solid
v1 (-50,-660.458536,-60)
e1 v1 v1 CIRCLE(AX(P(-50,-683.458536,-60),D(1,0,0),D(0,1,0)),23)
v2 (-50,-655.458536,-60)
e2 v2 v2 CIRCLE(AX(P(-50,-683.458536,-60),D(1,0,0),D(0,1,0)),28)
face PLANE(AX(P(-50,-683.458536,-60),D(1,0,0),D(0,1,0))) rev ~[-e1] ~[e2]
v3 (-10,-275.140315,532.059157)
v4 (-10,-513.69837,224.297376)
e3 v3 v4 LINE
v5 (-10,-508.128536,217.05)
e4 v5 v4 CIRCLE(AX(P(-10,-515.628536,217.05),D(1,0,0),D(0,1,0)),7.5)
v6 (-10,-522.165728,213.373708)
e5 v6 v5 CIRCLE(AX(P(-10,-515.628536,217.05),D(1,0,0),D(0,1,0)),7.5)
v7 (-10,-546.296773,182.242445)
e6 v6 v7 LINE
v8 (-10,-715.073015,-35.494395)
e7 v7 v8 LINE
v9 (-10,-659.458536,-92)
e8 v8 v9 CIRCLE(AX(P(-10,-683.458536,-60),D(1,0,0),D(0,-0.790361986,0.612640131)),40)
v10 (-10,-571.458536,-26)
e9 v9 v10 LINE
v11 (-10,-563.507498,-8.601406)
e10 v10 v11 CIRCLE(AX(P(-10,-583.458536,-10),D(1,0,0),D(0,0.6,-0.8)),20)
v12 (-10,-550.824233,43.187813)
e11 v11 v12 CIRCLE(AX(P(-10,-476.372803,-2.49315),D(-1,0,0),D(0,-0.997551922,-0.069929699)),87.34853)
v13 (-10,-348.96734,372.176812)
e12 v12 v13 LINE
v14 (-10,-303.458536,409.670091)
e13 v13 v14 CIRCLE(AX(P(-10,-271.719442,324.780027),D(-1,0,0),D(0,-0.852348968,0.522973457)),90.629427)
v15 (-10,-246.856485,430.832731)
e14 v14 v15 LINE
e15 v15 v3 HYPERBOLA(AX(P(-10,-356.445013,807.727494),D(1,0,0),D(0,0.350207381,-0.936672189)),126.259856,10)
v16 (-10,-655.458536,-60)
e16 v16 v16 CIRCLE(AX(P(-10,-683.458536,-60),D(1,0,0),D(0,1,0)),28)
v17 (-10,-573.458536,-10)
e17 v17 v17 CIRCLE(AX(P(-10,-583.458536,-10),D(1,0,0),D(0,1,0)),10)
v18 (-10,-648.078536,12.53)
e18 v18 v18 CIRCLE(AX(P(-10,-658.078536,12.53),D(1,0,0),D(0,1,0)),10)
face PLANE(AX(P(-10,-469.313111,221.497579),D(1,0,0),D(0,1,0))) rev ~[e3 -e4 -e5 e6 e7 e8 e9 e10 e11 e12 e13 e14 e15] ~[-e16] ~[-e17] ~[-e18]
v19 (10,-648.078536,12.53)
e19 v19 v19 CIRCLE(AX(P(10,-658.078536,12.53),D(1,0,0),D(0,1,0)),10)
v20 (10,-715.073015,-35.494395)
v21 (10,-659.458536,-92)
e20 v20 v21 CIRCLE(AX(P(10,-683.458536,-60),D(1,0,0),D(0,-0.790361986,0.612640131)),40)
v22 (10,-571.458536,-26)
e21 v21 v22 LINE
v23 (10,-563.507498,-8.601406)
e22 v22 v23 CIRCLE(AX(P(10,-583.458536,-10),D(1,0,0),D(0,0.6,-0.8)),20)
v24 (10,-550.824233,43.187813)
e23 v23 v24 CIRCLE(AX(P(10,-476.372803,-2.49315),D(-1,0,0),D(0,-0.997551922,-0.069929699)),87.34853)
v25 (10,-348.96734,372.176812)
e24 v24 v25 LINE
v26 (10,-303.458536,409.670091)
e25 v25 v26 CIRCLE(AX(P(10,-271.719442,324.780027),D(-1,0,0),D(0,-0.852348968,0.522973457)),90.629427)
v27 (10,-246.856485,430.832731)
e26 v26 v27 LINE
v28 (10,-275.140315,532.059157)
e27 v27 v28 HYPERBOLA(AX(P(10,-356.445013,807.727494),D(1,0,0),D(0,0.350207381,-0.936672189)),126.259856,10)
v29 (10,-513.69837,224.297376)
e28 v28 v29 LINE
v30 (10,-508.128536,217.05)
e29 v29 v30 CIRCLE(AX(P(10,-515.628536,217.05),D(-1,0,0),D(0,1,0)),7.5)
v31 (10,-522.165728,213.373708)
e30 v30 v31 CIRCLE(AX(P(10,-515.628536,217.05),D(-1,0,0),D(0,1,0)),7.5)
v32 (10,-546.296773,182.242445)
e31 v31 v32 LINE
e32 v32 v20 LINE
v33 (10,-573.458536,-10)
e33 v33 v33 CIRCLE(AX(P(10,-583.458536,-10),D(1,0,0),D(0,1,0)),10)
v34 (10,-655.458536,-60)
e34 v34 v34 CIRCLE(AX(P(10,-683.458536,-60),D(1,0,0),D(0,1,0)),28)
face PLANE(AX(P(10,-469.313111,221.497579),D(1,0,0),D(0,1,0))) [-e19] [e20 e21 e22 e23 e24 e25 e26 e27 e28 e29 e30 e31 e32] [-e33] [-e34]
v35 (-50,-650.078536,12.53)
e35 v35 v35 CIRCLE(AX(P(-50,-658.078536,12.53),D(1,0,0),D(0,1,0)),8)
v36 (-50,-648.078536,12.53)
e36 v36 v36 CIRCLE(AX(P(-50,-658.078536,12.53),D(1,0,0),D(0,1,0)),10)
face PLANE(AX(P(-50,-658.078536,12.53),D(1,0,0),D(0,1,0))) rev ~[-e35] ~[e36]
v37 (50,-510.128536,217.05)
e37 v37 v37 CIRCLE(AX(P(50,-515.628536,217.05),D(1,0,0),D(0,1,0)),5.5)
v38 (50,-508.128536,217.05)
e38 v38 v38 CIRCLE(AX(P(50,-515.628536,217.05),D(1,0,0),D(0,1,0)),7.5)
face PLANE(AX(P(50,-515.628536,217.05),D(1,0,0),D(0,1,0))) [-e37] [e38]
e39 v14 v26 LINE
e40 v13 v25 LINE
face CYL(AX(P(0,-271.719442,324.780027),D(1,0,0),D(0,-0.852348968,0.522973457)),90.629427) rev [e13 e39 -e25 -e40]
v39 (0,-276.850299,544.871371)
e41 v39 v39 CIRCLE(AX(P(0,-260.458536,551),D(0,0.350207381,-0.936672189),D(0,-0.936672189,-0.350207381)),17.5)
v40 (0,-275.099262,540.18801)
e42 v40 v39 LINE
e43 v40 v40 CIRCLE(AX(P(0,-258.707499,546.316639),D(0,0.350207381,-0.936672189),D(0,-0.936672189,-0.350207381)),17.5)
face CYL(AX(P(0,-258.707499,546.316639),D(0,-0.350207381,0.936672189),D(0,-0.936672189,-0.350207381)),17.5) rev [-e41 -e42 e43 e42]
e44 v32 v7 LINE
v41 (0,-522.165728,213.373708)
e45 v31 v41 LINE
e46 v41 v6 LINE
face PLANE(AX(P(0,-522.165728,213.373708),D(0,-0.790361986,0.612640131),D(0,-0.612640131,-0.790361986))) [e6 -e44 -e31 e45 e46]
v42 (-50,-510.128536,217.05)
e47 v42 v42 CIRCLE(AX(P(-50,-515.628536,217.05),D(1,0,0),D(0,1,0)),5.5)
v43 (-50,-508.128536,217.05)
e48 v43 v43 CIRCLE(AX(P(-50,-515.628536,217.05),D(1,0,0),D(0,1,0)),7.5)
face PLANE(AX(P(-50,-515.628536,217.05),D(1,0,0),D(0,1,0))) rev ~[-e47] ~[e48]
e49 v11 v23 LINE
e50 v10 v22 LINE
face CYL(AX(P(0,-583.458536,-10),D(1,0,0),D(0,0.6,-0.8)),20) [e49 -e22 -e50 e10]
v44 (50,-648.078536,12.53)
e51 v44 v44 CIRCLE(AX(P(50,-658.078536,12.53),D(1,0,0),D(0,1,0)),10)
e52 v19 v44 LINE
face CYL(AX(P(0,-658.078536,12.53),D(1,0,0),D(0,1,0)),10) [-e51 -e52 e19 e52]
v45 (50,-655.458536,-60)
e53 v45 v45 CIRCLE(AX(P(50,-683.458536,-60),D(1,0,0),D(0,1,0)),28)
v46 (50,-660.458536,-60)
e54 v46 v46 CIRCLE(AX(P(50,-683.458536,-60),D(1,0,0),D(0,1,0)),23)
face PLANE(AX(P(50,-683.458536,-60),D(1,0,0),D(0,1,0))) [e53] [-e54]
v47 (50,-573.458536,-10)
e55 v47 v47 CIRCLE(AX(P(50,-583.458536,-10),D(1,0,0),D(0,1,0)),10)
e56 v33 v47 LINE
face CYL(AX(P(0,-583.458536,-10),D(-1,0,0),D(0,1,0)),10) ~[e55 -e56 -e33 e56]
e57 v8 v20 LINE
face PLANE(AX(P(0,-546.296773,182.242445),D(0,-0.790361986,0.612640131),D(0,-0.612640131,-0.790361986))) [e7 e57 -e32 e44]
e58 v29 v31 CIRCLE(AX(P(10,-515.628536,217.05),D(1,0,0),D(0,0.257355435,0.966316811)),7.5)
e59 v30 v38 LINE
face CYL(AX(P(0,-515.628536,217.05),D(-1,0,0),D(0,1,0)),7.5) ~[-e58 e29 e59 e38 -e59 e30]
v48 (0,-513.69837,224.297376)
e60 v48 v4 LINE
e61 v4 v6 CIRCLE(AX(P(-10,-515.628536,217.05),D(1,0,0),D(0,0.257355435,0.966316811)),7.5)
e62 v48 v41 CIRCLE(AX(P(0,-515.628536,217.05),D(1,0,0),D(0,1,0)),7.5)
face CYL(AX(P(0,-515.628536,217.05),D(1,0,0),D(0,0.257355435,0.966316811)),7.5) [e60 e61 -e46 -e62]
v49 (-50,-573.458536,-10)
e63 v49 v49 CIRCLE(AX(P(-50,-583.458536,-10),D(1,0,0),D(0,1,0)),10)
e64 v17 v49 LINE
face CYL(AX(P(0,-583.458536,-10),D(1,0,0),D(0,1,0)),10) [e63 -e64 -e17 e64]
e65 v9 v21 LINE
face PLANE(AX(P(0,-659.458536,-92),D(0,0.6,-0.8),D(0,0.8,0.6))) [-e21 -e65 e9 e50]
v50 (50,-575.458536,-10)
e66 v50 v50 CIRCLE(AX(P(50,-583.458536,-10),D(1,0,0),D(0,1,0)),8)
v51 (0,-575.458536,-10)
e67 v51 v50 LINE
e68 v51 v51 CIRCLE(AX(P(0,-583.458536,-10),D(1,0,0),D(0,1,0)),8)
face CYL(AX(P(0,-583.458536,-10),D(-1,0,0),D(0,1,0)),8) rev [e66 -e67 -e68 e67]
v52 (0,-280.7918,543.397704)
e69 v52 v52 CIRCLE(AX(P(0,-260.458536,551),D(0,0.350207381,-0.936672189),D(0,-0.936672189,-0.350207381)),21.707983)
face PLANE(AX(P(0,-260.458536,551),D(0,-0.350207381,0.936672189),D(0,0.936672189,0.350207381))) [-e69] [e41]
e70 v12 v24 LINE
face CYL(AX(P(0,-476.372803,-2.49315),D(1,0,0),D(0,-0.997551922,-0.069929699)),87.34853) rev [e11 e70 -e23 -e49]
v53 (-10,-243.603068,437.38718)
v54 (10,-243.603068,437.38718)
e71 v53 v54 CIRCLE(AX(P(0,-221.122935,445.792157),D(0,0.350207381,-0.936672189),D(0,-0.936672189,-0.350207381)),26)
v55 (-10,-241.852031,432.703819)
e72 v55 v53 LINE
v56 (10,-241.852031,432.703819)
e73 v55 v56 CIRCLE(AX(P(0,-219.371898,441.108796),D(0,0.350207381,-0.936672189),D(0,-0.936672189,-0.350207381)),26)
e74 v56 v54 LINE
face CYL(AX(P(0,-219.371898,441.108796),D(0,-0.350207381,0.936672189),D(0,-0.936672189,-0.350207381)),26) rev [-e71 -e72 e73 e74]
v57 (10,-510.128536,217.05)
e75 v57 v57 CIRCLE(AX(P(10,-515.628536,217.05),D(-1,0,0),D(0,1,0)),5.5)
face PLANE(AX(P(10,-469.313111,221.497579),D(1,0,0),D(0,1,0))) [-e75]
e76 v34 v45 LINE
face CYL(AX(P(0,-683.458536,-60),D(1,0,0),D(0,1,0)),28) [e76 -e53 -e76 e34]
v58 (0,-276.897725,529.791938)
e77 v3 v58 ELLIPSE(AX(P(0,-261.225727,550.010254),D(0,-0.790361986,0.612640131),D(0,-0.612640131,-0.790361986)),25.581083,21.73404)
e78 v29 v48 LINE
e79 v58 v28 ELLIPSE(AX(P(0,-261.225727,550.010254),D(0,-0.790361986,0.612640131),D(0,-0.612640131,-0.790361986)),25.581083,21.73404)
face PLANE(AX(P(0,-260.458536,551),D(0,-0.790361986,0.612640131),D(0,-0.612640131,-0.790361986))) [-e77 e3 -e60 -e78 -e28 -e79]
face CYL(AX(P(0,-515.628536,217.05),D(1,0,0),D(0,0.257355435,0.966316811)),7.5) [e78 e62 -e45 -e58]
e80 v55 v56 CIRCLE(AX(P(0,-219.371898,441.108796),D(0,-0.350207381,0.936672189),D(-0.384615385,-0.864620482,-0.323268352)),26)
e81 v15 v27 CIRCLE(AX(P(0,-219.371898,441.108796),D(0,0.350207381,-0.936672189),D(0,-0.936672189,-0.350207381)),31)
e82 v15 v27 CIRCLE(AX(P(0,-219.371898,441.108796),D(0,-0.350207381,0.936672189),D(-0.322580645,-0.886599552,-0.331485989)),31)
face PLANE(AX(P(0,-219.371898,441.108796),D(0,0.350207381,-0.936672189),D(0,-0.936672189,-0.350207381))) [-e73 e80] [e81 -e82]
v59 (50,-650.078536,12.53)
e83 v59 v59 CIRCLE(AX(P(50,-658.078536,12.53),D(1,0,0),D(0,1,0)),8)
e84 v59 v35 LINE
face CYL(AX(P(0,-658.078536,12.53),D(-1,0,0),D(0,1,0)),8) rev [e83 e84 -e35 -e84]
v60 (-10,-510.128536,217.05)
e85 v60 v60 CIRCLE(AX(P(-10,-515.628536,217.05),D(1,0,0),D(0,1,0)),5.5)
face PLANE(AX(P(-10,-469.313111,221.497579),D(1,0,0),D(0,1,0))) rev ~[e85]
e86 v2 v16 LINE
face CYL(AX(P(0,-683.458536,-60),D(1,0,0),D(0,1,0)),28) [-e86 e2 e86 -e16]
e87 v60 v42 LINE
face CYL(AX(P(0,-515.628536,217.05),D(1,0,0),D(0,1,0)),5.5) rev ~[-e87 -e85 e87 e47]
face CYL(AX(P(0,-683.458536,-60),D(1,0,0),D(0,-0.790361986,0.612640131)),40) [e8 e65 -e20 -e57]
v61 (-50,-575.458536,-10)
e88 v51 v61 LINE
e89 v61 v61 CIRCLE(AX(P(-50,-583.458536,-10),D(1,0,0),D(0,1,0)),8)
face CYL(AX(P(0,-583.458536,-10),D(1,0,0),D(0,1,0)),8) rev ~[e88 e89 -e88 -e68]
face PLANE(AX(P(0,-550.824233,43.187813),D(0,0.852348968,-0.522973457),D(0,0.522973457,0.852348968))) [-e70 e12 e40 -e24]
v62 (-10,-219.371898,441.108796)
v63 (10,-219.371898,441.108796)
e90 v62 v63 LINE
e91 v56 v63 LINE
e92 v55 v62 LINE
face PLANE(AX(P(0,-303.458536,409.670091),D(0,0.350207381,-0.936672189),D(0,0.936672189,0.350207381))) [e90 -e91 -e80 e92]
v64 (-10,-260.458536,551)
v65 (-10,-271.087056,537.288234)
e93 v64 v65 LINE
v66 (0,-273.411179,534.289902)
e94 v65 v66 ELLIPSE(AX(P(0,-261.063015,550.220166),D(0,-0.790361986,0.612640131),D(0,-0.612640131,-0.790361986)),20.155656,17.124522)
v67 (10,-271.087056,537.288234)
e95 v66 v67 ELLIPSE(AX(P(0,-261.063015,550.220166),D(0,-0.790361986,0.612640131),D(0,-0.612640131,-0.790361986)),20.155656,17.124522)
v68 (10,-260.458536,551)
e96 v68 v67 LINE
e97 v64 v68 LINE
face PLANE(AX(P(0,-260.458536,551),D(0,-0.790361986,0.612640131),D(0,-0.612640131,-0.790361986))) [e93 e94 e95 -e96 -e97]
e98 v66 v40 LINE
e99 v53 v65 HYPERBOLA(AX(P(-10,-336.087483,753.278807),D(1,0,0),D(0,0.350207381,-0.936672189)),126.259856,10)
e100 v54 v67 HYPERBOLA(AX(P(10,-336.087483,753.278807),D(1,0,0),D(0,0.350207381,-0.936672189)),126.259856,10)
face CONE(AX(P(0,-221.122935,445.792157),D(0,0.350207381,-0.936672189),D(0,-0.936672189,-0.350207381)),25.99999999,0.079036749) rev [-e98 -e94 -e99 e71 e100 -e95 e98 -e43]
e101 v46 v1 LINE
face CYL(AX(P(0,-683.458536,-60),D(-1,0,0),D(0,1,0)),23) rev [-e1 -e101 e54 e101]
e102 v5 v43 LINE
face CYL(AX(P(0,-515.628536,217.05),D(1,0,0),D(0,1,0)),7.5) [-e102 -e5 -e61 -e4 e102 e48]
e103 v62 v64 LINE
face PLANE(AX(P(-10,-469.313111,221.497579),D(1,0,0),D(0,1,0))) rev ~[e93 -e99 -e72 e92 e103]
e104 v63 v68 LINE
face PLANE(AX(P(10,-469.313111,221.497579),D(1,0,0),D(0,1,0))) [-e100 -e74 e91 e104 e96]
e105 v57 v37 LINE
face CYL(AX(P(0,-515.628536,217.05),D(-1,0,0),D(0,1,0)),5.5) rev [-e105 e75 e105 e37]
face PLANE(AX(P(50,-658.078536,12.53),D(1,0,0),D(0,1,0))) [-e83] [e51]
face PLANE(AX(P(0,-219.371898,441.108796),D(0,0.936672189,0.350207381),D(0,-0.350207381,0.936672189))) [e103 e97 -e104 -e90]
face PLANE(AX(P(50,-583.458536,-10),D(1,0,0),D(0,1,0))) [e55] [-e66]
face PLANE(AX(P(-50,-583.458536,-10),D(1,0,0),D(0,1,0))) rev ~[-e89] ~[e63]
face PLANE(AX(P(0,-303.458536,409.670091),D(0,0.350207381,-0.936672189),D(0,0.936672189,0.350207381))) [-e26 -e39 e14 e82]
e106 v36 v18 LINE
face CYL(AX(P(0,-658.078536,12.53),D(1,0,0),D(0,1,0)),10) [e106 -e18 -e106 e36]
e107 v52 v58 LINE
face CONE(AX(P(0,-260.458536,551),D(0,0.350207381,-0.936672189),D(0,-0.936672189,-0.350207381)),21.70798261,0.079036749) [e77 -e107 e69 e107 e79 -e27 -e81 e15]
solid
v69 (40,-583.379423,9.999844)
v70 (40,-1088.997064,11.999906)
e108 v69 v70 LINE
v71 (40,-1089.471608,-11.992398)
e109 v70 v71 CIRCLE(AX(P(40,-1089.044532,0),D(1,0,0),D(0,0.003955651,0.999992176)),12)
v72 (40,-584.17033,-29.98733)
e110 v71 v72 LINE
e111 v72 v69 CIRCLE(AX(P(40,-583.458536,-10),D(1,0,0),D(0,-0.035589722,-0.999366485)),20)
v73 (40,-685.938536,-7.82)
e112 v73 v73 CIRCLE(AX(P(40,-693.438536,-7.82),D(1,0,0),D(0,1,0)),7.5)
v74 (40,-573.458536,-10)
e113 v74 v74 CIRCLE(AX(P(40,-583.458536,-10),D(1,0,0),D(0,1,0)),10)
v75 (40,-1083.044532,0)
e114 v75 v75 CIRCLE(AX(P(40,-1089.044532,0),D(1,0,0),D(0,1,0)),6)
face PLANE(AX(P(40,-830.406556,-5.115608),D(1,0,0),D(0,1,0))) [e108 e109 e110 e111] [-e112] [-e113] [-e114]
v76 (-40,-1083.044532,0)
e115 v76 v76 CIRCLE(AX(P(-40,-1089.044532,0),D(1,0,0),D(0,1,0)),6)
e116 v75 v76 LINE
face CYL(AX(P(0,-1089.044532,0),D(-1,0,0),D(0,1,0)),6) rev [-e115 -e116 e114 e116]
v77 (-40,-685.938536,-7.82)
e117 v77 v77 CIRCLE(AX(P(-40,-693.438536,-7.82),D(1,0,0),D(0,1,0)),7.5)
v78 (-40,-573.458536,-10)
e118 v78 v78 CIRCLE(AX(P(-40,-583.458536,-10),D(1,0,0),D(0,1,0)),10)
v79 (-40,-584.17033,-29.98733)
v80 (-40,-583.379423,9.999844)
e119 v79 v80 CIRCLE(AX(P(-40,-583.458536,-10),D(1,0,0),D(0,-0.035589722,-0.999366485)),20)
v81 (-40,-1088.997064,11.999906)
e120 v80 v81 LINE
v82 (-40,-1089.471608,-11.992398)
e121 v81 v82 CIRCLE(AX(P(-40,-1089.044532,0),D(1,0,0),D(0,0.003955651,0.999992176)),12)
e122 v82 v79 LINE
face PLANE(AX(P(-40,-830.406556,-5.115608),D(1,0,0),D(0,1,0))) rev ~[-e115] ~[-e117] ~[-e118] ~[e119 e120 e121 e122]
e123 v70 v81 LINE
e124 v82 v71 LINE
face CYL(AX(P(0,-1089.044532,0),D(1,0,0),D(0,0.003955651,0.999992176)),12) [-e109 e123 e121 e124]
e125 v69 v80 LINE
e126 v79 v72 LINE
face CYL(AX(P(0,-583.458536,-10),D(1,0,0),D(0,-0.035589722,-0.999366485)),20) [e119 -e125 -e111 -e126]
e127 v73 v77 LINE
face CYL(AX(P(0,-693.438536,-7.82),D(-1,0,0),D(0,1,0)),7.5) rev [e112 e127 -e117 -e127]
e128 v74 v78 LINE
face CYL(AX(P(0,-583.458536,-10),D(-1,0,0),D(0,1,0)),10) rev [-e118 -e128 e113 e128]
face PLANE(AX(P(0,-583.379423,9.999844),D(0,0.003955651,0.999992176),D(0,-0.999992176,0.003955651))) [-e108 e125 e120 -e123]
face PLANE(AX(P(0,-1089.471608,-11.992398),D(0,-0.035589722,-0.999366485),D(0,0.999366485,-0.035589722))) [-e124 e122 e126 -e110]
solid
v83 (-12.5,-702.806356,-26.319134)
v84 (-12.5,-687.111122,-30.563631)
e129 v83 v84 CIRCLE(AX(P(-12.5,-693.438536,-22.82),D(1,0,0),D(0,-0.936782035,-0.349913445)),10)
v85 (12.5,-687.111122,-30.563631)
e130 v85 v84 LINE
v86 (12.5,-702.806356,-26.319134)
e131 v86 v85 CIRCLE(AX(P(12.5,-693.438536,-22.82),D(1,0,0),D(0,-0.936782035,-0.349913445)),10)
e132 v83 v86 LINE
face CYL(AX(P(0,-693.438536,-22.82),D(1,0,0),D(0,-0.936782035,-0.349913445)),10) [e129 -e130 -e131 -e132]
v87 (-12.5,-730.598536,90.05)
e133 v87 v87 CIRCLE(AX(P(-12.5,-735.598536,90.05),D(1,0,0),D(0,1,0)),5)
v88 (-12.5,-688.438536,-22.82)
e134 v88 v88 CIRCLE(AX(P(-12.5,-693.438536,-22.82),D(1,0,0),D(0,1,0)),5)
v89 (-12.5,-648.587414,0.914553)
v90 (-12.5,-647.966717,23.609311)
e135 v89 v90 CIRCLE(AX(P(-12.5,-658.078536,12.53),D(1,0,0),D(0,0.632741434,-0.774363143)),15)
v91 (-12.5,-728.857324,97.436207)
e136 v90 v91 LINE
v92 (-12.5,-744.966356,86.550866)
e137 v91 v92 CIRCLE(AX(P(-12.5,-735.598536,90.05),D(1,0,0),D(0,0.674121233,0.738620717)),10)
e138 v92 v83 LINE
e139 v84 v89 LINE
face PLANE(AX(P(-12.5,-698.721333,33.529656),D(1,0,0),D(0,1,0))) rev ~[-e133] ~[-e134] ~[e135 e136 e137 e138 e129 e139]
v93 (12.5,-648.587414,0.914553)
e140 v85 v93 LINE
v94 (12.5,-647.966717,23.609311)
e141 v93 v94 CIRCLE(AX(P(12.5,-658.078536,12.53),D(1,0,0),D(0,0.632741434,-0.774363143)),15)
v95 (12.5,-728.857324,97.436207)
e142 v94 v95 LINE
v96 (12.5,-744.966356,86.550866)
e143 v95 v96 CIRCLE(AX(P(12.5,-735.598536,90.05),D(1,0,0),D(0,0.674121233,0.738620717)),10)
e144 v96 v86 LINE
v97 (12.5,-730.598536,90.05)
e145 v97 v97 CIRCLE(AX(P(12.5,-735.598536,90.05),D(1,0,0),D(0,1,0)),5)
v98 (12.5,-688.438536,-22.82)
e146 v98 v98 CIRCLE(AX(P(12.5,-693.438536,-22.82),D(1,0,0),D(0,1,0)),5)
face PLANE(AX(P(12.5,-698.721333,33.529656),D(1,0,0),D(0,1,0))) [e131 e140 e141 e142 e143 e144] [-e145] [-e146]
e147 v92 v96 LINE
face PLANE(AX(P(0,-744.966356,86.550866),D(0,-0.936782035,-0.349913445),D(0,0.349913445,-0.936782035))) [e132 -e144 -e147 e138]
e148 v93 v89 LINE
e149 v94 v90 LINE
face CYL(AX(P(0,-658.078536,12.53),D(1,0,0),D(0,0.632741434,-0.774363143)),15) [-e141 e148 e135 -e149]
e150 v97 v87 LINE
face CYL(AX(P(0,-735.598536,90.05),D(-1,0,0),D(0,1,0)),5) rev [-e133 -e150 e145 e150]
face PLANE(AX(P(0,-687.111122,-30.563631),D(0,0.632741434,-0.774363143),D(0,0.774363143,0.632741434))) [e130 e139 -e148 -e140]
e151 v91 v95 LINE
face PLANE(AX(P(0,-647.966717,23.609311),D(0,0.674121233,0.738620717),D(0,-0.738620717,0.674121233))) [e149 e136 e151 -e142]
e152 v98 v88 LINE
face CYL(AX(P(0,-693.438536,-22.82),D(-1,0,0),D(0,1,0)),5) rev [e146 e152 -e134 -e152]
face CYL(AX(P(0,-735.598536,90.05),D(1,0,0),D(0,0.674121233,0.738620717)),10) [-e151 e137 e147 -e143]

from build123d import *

# Parameters (mm, degrees)
F3_R      = 28
F3_R_2    = 23
F4_DEPTH  = 50
F6_R      = 28
F6_R_2    = 10
F7_DEPTH  = 10
F8_R      = 7.5
F8_R_2    = 5.5
F8_R_3    = 10
F8_R_4    = 8
F9_DEPTH  = 50
F10_R     = 10
F10_R_2   = 6
F10_R_3   = 7.5
F11_DEPTH = 40
F12_R     = 5
F13_DEPTH = 12.5


with BuildPart() as f2:
    # F1 (on Right) → F2 (revolve)
    with BuildSketch(Plane.YZ):
        Polygon((-248.4087363355, 430.2523674684), (-243.7253753893, 432.0034043747), (-245.4764122956, 436.686765321), (-275.0992623526, 540.1880098817), (-276.8502992589, 544.871370828), (-280.7917995578, 543.397704252), align=None)
    revolve(axis=Axis((0, -155.988308036, 271.5816829535), (0, 0.3502073813, -0.9366721892)))



with BuildPart() as f4:
    # F3 (on Right) → F4 (new body, symmetric)
    with BuildSketch(Plane.YZ):
        with Locations((-683.4585359471, -60)):
            Circle(F3_R)
        with Locations((-683.4585359471, -60)):
            Circle(F3_R_2, mode=Mode.SUBTRACT)
    extrude(amount=F4_DEPTH, both=True)


with BuildPart() as f2_1:
    add(f2.part)

    add(f4.part)  # F7 merges F4
    # F6 (on Right) → F7 (join, symmetric)
    with BuildSketch(Plane.YZ):
        with BuildLine():
            Line((-546.2967732706, 182.2424448166), (-715.0730154019, -35.4943947473))
            ThreePointArc((-715.0730154019, -35.4943947473), (-711.9667089959, -88.0585828119), (-659.4585359471, -92))
            Line((-659.4585359471, -92), (-571.4585359471, -26))
            ThreePointArc((-571.4585359471, -26), (-565.2680169215, -18.3129427749), (-563.5074975053, -8.6014060287))
            ThreePointArc((-563.5074975053, -8.6014060287), (-561.2141237524, 18.2846287115), (-550.824232875, 43.187813142))
            Line((-550.824232875, 43.187813142), (-348.967340209, 372.176811768))
            ThreePointArc((-348.967340209, 372.176811768), (-329.3473658343, 394.7279747263), (-303.4585359471, 409.670090785))
            Line((-303.4585359471, 409.670090785), (-219.3718984688, 441.1087962875))
            Line((-219.3718984688, 441.1087962875), (-260.4585359471, 551))
            Line((-260.4585359471, 551), (-489.5673246348, 255.4286391541))
            ThreePointArc((-489.5673246348, 255.4286391541), (-478.9630080964, 188.6291318603), (-546.2967732706, 182.2424448166))
        make_face()
        with Locations((-683.4585359471, -60)):
            Circle(F6_R, mode=Mode.SUBTRACT)
        with Locations((-658.0785359471, 12.53)):
            Circle(F6_R_2, mode=Mode.SUBTRACT)
        with Locations((-583.4585359471, -10)):
            Circle(F6_R_2, mode=Mode.SUBTRACT)
        with BuildLine():
            Line((-522.1657277206, 213.3737078848), (-546.2967732706, 182.2424448166))
            ThreePointArc((-546.2967732706, 182.2424448166), (-478.9630080964, 188.6291318603), (-489.5673246348, 255.4286391541))
            Line((-489.5673246348, 255.4286391541), (-513.6983701849, 224.2973760859))
            ThreePointArc((-513.6983701849, 224.2973760859), (-509.6818459763, 221.6202164491), (-508.1285359471, 217.05))
            ThreePointArc((-508.1285359471, 217.05), (-513.728396255, 209.7946937245), (-522.1657277206, 213.3737078848))
        make_face()
        with BuildLine():
            ThreePointArc((-513.6983701849, 224.2973760859), (-521.5562508448, 221.6448009849), (-522.1657277206, 213.3737078848))
            Line((-522.1657277206, 213.3737078848), (-513.6983701849, 224.2973760859))
        make_face()
        with BuildLine():
            Line((-513.6983701849, 224.2973760859), (-522.1657277206, 213.3737078848))
            ThreePointArc((-522.1657277206, 213.3737078848), (-513.728396255, 209.7946937245), (-508.1285359471, 217.05))
            ThreePointArc((-508.1285359471, 217.05), (-509.6818459763, 221.6202164491), (-513.6983701849, 224.2973760859))
        make_face()
    extrude(amount=F7_DEPTH, both=True)

    # F8 (on Right) → F9 (join, symmetric)
    with BuildSketch(Plane.YZ):
        with Locations((-515.6285359471, 217.05)):
            Circle(F8_R)
        with Locations((-515.6285359471, 217.05)):
            Circle(F8_R_2, mode=Mode.SUBTRACT)
        with Locations((-583.4585359471, -10)):
            Circle(F8_R_3)
        with Locations((-583.4585359471, -10)):
            Circle(F8_R_4, mode=Mode.SUBTRACT)
        with Locations((-658.0785359471, 12.53)):
            Circle(F8_R_3)
        with Locations((-658.0785359471, 12.53)):
            Circle(F8_R_4, mode=Mode.SUBTRACT)
    extrude(amount=F9_DEPTH, both=True)


with BuildPart() as f11:
    # F10 (on Right) → F11 (new body, symmetric)
    with BuildSketch(Plane.YZ):
        with BuildLine():
            ThreePointArc((-1088.9970639482, 11.9999061166), (-1101.0421851891, 0.2373019334), (-1089.4716084201, -11.9923978222))
            Line((-1089.4716084201, -11.9923978222), (-584.1703303797, -29.9873297037))
            ThreePointArc((-584.1703303797, -29.9873297037), (-563.4624468994, -10.3955032223), (-583.3794229265, 9.9998435276))
            Line((-583.3794229265, 9.9998435276), (-1088.9970639482, 11.9999061166))
        make_face()
        with Locations((-583.4585359471, -10)):
            Circle(F10_R, mode=Mode.SUBTRACT)
        with Locations((-1089.0445317605, 0)):
            Circle(F10_R_2, mode=Mode.SUBTRACT)
        with Locations((-693.4385359471, -7.82)):
            Circle(F10_R_3, mode=Mode.SUBTRACT)
    extrude(amount=F11_DEPTH, both=True)


with BuildPart() as f13:
    # F12 (on Right) → F13 (new body, symmetric)
    with BuildSketch(Plane.YZ):
        with BuildLine():
            Line((-647.966717454, 23.6093107531), (-728.8573236184, 97.4362071687))
            ThreePointArc((-728.8573236184, 97.4362071687), (-741.1974137797, 98.3356844627), (-744.9663562949, 86.5508655456))
            Line((-744.9663562949, 86.5508655456), (-702.8063562949, -26.3191344544))
            ThreePointArc((-702.8063562949, -26.3191344544), (-696.0490829815, -32.4732400872), (-687.1111216056, -30.5636314318))
            Line((-687.1111216056, -30.5636314318), (-648.5874144349, 0.9145528523))
            ThreePointArc((-648.5874144349, 0.9145528523), (-643.0841428865, 12.1199064205), (-647.966717454, 23.6093107531))
        make_face()
        with Locations((-693.4385359471, -22.82)):
            Circle(F12_R, mode=Mode.SUBTRACT)
        with Locations((-735.5985359471, 90.05)):
            Circle(F12_R, mode=Mode.SUBTRACT)
    extrude(amount=F13_DEPTH, both=True)


solid = Compound([f2_1.part, f11.part, f13.part])
